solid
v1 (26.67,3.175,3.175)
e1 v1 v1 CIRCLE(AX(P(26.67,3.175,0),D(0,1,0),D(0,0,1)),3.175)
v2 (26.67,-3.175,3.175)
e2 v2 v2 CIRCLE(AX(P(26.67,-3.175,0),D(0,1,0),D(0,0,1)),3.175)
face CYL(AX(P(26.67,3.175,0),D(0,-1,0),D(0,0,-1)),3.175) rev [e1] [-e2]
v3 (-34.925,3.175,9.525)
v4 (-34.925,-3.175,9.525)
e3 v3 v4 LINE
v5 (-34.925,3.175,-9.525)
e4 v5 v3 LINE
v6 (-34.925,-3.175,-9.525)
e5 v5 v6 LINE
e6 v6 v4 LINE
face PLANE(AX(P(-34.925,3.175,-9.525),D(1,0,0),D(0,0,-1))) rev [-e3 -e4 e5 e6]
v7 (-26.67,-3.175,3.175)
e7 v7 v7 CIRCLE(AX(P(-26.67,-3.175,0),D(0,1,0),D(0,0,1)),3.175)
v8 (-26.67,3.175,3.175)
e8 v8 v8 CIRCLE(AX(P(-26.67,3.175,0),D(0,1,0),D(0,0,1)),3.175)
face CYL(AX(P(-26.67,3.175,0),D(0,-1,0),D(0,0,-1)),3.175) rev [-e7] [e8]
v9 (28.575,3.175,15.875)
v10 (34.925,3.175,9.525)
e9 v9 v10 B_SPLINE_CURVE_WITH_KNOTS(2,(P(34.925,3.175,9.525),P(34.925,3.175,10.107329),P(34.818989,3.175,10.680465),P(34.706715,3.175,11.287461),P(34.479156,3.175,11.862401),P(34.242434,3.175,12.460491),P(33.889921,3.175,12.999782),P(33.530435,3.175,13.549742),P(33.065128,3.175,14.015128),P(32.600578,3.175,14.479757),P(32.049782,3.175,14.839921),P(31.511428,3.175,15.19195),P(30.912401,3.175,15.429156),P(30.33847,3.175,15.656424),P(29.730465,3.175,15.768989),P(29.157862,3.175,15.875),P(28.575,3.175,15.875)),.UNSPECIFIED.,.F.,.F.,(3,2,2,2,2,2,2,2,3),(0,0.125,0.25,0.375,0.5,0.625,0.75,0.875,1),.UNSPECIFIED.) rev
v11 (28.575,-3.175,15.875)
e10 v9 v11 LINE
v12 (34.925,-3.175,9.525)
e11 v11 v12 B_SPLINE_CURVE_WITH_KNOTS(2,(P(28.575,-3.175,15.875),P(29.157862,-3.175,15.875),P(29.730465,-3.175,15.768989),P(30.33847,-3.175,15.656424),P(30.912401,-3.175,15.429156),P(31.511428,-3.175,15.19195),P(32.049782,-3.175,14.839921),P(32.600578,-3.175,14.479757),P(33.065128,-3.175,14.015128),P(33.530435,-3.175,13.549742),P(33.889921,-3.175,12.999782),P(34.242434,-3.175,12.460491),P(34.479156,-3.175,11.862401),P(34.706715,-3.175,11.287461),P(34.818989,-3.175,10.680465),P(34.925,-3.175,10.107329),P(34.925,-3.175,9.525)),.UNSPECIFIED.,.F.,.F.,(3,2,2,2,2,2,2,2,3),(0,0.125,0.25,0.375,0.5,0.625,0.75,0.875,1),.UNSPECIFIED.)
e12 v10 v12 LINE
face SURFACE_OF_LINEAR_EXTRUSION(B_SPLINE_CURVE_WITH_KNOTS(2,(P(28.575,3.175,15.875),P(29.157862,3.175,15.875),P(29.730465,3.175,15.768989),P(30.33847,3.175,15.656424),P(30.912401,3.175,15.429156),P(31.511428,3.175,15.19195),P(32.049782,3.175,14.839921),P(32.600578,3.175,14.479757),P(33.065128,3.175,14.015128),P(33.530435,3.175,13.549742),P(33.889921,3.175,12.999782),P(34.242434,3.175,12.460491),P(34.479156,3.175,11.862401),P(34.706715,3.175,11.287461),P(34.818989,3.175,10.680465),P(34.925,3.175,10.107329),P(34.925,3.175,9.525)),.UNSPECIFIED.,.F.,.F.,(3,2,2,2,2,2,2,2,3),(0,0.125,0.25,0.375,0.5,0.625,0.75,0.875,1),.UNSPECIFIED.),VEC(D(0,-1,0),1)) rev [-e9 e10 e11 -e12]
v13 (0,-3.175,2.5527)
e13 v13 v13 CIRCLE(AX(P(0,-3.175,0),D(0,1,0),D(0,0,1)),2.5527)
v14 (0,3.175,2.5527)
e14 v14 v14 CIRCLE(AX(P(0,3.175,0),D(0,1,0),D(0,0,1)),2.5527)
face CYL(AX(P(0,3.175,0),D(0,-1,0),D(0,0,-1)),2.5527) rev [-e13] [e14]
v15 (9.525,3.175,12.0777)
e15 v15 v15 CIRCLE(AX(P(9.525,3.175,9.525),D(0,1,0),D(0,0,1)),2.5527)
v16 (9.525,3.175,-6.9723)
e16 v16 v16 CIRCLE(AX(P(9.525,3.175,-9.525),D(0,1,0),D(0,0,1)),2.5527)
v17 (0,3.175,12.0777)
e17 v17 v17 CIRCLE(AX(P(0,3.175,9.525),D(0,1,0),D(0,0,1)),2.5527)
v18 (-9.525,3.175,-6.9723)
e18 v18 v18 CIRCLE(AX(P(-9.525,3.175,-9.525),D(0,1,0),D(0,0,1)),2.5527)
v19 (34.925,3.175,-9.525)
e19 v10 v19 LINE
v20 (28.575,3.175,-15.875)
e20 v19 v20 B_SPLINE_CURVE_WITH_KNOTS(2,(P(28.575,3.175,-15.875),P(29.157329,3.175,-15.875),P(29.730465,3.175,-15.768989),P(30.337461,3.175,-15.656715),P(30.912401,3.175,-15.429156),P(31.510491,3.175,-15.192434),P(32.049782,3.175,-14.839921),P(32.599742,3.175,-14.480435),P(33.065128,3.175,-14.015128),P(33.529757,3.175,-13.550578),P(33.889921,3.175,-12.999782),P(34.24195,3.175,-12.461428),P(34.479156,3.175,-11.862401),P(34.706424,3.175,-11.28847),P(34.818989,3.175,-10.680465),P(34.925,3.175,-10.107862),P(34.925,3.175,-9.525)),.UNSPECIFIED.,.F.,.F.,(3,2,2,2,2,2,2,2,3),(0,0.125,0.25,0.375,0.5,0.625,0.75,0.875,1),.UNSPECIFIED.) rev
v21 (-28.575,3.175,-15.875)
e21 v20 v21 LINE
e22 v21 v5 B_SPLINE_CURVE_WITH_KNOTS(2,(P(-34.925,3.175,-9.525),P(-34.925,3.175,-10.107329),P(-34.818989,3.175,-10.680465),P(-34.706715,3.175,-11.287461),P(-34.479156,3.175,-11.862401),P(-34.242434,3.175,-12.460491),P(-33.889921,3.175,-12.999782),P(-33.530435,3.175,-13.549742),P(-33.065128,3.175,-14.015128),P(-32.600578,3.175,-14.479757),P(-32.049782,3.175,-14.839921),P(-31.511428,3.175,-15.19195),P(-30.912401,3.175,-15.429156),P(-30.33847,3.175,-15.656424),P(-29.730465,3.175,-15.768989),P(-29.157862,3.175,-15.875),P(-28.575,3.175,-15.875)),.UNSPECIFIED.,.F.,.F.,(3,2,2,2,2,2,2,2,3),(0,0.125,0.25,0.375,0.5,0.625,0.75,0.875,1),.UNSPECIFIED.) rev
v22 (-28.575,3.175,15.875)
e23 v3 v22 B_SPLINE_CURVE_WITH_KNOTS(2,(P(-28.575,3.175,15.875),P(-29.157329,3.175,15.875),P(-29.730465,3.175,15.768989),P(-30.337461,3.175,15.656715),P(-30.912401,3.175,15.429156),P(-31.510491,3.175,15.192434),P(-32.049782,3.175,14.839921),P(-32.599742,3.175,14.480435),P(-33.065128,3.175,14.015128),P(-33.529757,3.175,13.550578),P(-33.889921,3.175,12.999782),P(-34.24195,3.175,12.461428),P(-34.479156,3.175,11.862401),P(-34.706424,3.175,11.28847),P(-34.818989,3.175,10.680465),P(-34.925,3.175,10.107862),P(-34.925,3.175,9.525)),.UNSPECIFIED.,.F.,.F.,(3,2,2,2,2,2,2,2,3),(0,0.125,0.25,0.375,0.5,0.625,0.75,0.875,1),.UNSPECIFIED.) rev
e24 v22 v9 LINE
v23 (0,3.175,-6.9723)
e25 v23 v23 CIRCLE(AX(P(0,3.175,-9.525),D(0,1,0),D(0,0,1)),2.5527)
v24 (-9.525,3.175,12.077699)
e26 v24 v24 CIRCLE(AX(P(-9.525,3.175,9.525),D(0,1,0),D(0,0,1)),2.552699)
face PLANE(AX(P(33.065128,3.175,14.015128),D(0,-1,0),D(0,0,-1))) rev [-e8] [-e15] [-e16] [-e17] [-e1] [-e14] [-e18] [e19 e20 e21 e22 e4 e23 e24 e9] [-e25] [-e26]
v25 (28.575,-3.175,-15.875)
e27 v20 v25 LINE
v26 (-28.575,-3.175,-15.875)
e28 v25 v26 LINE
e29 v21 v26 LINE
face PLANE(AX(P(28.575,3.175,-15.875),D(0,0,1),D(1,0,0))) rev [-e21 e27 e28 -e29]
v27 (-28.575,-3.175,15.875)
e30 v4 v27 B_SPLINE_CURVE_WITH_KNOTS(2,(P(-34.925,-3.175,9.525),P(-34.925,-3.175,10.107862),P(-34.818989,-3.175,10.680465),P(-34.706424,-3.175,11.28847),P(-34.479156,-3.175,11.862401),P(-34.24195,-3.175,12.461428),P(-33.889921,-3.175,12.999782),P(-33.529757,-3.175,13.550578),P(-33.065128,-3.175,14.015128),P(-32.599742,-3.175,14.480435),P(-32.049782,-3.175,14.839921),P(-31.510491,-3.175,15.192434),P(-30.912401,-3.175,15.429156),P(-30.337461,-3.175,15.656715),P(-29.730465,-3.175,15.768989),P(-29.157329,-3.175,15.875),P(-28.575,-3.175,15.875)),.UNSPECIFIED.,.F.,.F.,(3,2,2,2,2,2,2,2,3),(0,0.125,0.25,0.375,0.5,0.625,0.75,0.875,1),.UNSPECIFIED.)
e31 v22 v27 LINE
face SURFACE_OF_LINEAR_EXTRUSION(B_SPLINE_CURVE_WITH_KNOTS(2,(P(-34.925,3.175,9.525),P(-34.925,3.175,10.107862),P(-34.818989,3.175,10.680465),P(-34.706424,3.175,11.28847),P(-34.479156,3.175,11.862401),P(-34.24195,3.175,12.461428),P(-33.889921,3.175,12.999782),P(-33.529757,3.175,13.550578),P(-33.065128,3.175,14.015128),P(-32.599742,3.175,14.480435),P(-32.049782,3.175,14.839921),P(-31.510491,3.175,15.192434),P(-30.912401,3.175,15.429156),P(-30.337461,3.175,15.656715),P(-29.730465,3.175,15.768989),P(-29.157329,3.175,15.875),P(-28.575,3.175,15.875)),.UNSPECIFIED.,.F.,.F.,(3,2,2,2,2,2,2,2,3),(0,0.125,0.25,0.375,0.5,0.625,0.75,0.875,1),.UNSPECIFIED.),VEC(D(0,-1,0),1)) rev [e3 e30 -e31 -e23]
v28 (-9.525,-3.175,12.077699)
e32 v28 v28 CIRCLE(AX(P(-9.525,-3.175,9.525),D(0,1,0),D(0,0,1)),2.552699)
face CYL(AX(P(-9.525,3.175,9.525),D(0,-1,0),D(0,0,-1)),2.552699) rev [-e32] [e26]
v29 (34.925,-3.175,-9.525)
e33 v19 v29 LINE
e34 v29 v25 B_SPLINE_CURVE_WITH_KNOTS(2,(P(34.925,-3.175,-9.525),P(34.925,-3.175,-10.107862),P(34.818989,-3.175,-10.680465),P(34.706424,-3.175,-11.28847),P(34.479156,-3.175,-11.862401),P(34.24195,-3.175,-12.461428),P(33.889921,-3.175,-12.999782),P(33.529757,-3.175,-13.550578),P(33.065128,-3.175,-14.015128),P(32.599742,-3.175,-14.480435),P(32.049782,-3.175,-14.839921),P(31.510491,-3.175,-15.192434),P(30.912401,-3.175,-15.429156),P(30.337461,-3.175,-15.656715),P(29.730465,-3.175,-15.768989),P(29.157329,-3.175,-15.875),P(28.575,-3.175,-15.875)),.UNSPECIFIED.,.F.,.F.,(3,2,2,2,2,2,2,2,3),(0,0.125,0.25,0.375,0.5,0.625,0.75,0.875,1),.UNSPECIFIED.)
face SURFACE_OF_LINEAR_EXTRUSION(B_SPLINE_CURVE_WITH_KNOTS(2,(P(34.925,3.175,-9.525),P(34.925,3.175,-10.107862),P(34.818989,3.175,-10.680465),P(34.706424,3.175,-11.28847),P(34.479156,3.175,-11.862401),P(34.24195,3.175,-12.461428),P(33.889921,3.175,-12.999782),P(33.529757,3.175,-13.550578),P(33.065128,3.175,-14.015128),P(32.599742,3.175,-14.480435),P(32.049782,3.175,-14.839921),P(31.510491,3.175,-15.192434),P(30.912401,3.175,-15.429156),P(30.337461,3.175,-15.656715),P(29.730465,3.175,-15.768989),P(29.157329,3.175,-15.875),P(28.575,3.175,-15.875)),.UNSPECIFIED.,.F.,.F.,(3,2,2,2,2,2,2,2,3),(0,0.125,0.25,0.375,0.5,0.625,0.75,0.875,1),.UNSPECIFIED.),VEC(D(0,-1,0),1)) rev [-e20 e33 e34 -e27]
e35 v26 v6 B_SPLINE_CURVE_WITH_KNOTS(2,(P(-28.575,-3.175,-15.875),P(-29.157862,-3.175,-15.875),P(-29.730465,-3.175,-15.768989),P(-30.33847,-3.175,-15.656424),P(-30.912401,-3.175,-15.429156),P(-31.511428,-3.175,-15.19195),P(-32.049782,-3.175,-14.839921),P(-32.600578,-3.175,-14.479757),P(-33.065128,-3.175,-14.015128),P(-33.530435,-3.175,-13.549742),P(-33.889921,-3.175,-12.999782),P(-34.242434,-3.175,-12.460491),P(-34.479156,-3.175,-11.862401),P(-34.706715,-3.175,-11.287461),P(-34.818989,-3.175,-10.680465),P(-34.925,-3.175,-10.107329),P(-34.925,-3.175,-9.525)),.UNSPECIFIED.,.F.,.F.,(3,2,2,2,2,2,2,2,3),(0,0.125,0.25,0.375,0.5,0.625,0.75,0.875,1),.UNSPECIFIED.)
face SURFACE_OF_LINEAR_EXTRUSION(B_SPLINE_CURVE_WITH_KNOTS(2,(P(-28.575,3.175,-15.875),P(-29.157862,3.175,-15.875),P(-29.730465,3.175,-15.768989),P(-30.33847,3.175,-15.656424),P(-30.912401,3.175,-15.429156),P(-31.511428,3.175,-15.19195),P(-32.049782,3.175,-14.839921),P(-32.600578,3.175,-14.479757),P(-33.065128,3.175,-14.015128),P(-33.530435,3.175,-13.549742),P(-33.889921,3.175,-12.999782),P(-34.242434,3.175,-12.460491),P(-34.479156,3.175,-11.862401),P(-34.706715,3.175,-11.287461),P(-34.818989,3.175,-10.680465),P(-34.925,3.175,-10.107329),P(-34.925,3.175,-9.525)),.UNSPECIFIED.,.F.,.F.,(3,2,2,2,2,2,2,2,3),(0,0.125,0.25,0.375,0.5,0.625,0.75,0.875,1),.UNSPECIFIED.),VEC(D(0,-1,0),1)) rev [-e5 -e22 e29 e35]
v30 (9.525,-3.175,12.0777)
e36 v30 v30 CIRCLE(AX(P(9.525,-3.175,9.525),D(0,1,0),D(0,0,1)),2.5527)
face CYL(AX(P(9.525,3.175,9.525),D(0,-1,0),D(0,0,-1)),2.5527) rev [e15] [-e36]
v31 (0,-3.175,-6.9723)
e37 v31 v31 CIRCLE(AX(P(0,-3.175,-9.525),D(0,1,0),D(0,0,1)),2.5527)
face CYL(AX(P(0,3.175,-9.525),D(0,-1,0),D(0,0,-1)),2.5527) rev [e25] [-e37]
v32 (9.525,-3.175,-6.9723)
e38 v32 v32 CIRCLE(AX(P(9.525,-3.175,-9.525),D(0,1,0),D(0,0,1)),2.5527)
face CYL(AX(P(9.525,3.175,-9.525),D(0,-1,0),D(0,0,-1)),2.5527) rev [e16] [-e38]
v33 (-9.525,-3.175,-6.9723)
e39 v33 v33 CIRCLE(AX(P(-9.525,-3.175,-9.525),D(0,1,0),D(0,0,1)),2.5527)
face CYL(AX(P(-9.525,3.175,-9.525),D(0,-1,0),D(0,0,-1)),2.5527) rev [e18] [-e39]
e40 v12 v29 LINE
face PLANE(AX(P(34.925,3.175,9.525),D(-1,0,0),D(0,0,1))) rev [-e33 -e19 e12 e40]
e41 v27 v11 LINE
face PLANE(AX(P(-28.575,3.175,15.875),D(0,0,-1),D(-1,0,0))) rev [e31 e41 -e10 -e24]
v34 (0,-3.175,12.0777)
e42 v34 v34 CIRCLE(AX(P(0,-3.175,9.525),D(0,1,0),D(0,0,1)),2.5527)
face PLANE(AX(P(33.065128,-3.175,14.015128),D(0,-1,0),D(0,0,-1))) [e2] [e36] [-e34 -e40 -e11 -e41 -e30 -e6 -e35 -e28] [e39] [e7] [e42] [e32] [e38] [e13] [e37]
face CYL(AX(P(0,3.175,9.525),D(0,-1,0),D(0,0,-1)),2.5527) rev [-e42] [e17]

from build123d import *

# Parameters (mm, degrees)
SKETCH1_R           = 2.552698787
SKETCH1_R_2         = 2.5527
SKETCH1_R_3         = 3.175
BOSS_EXTRUDE2_DEPTH = 3.175


with BuildPart() as part:
    # Sketch1 → Boss-Extrude2 (new, symmetric)
    with BuildSketch(Plane(origin=(0, 0, 0), x_dir=(1, 0, 0), z_dir=(0, 1, 0))):
        with BuildLine():
            Line((-28.575, -15.875), (28.575, -15.875))
            add(Edge.make_bspline(
                [(28.575, -15.875), (29.157862345, -15.875), (29.730465383, -15.768989089), (30.338469644, -15.656424047), (30.912401406, -15.429155712), (31.511428211, -15.191950117), (32.049781934, -14.839921496), (32.600578196, -14.479756719), (33.065128061, -14.015128061), (33.530435301, -13.549741898), (33.889921496, -12.999781934), (34.242433686, -12.460491153), (34.479155712, -11.862401406), (34.706715402, -11.287460745), (34.818989089, -10.680465383), (34.925, -10.107329034), (34.925, -9.525)],
                knots=[0, 0, 0, 0.125, 0.125, 0.25, 0.25, 0.375, 0.375, 0.5, 0.5, 0.625, 0.625, 0.75, 0.75, 0.875, 0.875, 1, 1, 1], degree=2))
            Line((34.925, -9.525), (34.925, 9.525))
            add(Edge.make_bspline(
                [(34.925, 9.525), (34.925, 10.107862345), (34.818989089, 10.680465383), (34.706424047, 11.288469644), (34.479155712, 11.862401406), (34.241950117, 12.461428211), (33.889921496, 12.999781934), (33.529756719, 13.550578196), (33.065128061, 14.015128061), (32.599741898, 14.480435301), (32.049781934, 14.839921496), (31.510491153, 15.192433686), (30.912401406, 15.429155712), (30.337460745, 15.656715402), (29.730465383, 15.768989089), (29.157329034, 15.875), (28.575, 15.875)],
                knots=[0, 0, 0, 0.125, 0.125, 0.25, 0.25, 0.375, 0.375, 0.5, 0.5, 0.625, 0.625, 0.75, 0.75, 0.875, 0.875, 1, 1, 1], degree=2))
            Line((28.575, 15.875), (-28.575, 15.875))
            add(Edge.make_bspline(
                [(-28.575, 15.875), (-29.157862345, 15.875), (-29.730465383, 15.768989089), (-30.338469644, 15.656424047), (-30.912401406, 15.429155712), (-31.511428211, 15.191950117), (-32.049781934, 14.839921496), (-32.600578196, 14.479756719), (-33.065128061, 14.015128061), (-33.530435301, 13.549741898), (-33.889921496, 12.999781934), (-34.242433686, 12.460491153), (-34.479155712, 11.862401406), (-34.706715402, 11.287460745), (-34.818989089, 10.680465383), (-34.925, 10.107329034), (-34.925, 9.525)],
                knots=[0, 0, 0, 0.125, 0.125, 0.25, 0.25, 0.375, 0.375, 0.5, 0.5, 0.625, 0.625, 0.75, 0.75, 0.875, 0.875, 1, 1, 1], degree=2))
            Line((-34.925, 9.525), (-34.925, -9.525))
            add(Edge.make_bspline(
                [(-34.925, -9.525), (-34.925, -10.107862345), (-34.818989089, -10.680465383), (-34.706424047, -11.288469644), (-34.479155712, -11.862401406), (-34.241950117, -12.461428211), (-33.889921496, -12.999781934), (-33.529756719, -13.550578196), (-33.065128061, -14.015128061), (-32.599741898, -14.4804353), (-32.049781934, -14.839921496), (-31.510491153, -15.192433686), (-30.912401406, -15.429155712), (-30.337460745, -15.656715402), (-29.730465383, -15.768989089), (-29.157329034, -15.875), (-28.575, -15.875)],
                knots=[0, 0, 0, 0.125, 0.125, 0.25, 0.25, 0.375, 0.375, 0.5, 0.5, 0.625, 0.625, 0.75, 0.75, 0.875, 0.875, 1, 1, 1], degree=2))
        make_face()
        with Locations(Location((-9.525, -9.525, 0), (0, 0, 270))):
            Circle(SKETCH1_R, mode=Mode.SUBTRACT)
        with Locations(Location((-9.525, 9.525, 0), (0, 0, 270))):
            Circle(SKETCH1_R_2, mode=Mode.SUBTRACT)
        with Locations(Location((-26.67, 0, 0), (0, 0, 270))):
            Circle(SKETCH1_R_3, mode=Mode.SUBTRACT)
        with Locations(Location((0, -9.525, 0), (0, 0, 270))):
            Circle(SKETCH1_R_2, mode=Mode.SUBTRACT)
        with Locations(Location((9.525, -9.525, 0), (0, 0, 270))):
            Circle(SKETCH1_R_2, mode=Mode.SUBTRACT)
        with Locations(Location((26.67, 0, 0), (0, 0, 270))):
            Circle(SKETCH1_R_3, mode=Mode.SUBTRACT)
        with Locations(Location((9.525, 9.525, 0), (0, 0, 270))):
            Circle(SKETCH1_R_2, mode=Mode.SUBTRACT)
        with Locations(Location((0, 9.525, 0), (0, 0, 270))):
            Circle(SKETCH1_R_2, mode=Mode.SUBTRACT)
        with Locations(Location((0, 0, 0), (0, 0, 270))):
            Circle(SKETCH1_R_2, mode=Mode.SUBTRACT)
    extrude(amount=BOSS_EXTRUDE2_DEPTH, both=True)


solid = part.part
